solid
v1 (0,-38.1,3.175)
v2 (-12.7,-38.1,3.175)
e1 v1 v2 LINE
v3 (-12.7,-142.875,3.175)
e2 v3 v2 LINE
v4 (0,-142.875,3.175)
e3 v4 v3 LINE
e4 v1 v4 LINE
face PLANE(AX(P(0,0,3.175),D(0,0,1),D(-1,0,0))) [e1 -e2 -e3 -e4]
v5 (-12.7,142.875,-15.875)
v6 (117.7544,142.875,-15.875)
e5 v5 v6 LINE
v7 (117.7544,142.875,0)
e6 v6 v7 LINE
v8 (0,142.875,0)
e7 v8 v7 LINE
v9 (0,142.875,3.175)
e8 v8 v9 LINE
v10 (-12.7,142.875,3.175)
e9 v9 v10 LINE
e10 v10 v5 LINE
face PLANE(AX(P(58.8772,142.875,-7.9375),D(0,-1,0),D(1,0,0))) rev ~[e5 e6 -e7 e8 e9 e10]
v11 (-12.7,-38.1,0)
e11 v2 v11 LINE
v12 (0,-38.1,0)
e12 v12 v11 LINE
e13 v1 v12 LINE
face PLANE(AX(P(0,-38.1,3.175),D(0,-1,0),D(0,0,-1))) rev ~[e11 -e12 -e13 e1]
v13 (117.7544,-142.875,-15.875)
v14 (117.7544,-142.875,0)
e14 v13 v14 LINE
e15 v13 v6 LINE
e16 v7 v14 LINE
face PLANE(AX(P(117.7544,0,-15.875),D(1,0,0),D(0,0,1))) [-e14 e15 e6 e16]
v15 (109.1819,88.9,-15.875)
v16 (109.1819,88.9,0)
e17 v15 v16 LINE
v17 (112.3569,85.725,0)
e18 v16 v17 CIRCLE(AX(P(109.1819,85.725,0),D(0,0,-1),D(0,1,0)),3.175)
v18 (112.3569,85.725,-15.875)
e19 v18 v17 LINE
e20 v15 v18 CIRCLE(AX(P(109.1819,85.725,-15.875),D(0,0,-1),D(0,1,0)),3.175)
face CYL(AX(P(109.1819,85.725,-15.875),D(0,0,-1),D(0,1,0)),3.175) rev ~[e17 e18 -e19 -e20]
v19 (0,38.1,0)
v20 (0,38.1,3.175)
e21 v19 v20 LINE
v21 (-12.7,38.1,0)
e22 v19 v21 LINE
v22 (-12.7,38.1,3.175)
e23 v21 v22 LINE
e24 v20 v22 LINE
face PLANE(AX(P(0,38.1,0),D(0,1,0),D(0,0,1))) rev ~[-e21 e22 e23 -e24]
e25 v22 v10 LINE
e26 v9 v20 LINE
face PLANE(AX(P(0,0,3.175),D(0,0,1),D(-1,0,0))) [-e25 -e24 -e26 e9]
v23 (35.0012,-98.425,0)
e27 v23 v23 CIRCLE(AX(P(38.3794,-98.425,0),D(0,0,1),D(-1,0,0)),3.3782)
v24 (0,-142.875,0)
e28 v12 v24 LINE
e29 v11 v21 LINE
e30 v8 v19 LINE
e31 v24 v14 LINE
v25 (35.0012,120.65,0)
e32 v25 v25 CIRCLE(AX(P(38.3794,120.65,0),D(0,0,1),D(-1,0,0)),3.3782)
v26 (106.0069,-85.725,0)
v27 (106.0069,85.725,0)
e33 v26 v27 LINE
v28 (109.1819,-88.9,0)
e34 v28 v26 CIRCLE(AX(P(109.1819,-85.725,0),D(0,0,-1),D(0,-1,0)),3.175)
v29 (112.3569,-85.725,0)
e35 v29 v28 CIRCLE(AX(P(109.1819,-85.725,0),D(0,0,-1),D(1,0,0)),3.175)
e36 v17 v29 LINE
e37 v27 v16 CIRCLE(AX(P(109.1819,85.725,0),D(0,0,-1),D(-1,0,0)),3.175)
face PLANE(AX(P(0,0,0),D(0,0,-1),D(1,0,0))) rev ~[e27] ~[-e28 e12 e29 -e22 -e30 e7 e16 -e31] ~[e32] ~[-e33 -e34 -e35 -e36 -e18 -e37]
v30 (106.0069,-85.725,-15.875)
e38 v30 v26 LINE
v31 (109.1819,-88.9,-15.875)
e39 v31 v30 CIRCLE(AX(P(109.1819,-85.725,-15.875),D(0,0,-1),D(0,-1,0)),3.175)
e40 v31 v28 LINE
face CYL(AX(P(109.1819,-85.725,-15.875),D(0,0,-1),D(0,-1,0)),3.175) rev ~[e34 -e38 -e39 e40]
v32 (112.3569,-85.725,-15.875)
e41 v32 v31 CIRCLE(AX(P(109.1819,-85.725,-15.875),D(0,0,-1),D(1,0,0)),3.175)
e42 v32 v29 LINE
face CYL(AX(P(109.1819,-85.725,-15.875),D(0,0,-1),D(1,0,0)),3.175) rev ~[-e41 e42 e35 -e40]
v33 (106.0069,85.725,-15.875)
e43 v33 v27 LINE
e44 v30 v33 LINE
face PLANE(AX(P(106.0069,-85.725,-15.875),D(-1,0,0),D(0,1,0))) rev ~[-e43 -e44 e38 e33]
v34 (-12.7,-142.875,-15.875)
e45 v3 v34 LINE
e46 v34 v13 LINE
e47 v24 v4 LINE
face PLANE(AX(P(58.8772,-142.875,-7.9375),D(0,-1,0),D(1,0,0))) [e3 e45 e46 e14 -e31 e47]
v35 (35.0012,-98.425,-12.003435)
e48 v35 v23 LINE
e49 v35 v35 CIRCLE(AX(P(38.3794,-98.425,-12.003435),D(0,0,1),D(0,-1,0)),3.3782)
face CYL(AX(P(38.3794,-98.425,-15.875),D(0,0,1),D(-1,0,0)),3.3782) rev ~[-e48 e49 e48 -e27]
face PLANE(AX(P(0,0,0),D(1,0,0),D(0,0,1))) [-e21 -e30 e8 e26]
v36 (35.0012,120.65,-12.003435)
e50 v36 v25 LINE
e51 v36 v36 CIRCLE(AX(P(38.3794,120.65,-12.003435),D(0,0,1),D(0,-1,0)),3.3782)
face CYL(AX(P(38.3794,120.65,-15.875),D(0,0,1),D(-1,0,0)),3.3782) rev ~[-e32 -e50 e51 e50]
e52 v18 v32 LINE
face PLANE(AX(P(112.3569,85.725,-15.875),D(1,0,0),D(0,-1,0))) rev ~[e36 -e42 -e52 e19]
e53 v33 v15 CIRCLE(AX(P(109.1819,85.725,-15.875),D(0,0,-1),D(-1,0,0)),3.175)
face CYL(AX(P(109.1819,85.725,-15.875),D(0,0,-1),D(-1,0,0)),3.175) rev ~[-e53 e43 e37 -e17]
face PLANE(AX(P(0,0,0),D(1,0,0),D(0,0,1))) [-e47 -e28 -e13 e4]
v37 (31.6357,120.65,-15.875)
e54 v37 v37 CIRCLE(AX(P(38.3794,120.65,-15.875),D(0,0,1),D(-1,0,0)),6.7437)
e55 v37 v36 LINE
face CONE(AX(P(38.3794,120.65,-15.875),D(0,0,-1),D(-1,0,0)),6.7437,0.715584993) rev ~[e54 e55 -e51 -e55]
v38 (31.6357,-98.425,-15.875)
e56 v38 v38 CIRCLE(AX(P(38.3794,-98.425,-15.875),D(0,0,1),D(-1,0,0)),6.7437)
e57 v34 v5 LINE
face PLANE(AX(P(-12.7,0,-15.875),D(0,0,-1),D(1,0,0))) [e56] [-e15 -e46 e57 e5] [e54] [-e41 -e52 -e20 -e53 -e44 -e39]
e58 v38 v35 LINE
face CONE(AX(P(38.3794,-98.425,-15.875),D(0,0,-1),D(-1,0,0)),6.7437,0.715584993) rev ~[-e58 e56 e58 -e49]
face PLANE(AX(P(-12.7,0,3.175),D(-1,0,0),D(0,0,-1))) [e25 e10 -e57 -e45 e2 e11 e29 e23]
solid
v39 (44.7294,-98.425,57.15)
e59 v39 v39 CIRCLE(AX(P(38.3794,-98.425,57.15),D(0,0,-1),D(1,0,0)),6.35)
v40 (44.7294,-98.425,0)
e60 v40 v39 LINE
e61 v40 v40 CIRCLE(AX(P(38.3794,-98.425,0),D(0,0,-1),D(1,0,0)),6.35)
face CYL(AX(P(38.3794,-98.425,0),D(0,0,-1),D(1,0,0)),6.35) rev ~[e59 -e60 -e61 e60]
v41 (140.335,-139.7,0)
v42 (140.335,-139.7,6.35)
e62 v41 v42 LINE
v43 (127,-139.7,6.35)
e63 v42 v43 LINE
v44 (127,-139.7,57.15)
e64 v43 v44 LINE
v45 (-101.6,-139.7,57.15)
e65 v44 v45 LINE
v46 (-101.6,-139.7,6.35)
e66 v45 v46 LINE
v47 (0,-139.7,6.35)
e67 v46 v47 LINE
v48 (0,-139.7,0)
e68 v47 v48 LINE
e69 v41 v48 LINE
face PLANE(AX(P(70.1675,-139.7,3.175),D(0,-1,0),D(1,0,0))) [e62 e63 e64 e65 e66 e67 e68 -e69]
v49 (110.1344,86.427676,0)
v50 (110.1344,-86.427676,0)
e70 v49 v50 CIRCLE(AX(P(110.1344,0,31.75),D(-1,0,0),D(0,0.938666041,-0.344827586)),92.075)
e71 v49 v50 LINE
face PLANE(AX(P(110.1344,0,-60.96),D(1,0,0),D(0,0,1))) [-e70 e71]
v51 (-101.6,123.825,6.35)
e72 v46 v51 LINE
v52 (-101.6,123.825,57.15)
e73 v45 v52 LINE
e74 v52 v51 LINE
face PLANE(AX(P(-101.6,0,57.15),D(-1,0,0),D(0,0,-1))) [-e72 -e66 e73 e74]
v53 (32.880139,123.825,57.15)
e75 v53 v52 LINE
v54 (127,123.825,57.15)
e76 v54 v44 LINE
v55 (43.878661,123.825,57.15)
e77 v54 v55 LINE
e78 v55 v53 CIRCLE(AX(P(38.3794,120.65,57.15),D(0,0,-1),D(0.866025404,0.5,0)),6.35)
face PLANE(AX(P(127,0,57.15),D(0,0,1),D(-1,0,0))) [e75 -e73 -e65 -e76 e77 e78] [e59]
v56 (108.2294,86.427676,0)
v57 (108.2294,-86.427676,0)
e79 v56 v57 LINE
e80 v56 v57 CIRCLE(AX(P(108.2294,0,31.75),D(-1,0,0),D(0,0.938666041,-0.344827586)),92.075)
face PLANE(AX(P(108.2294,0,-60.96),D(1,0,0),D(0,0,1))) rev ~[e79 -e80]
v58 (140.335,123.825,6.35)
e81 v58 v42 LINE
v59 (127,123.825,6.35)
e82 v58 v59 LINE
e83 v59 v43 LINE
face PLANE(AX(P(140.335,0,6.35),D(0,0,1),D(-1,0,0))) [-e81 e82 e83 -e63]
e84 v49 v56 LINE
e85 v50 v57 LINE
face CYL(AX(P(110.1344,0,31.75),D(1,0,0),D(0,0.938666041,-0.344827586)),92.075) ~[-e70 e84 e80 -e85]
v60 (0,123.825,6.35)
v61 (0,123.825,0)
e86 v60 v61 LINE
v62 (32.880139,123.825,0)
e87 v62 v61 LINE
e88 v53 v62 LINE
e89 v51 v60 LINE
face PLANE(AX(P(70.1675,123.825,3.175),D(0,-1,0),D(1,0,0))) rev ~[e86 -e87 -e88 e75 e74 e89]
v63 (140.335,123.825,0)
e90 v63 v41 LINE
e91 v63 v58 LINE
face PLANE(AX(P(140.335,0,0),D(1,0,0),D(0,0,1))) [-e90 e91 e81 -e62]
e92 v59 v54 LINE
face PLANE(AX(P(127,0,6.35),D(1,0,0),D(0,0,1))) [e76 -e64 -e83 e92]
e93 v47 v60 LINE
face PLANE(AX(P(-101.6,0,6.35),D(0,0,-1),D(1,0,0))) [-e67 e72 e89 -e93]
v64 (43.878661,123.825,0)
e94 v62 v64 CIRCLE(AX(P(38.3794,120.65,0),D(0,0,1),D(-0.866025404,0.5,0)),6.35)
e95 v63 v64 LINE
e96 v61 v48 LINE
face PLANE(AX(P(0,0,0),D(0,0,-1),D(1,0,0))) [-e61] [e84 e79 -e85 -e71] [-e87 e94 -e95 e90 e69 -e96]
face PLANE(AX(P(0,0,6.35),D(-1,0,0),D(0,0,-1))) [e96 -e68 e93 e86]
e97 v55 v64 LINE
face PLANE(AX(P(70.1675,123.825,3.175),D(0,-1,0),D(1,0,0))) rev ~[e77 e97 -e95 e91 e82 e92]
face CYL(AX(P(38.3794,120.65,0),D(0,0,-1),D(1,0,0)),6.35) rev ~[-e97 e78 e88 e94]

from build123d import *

# Parameters (mm, degrees)
F0_W            = 1.905
F0_H            = 60.96
F1_DEPTH        = 139.7
F1_DEPTH_BACK   = 123.825
F2_W            = 117.7544
F2_H            = 15.875
F3_DEPTH        = 142.875
F3_DEPTH_BACK   = 142.875
F6_DEPTH        = 1.905
F7_R            = 6.35
F8_DEPTH        = 57.15
F11_D           = 6.7564
F11_CSINK_D     = 13.4874
F11_CSINK_ANGLE = 82
F12_DEPTH       = 73.025
F14_DEPTH       = 12.7


with BuildPart() as f1:
    # F0 (on Front) → F1 (new body, two sides)
    with BuildSketch(Plane.XZ) as f1_sk:
        Polygon((0, 6.35), (0, 0), (108.2294, 0), (110.1344, 0), (140.335, 0), (140.335, 6.35), (127, 6.35), align=None)
        with Locations((109.1819, -30.48)):
            Rectangle(F0_W, F0_H)
        Polygon((-101.6, 6.35), (0, 6.35), (127, 6.35), (127, 57.15), (-101.6, 57.15), align=None)
    extrude(amount=F1_DEPTH)
    extrude(f1_sk.sketch, amount=-F1_DEPTH_BACK)

    # F5 (on face) → F6 (cut, through all)
    with BuildSketch(Plane.YZ.offset(110.1344)):
        with BuildLine():
            Line((-86.427675689, 0), (-139.7, 0))
            Line((-139.7, 0), (-139.7, -60.96))
            Line((-139.7, -60.96), (-139.7, -88.9))
            Line((-139.7, -88.9), (152.4, -88.9))
            Line((152.4, -88.9), (152.4, 0))
            Line((152.4, 0), (123.825, 0))
            Line((123.825, 0), (86.427675689, 0))
            ThreePointArc((86.427675689, 0), (0, -60.325), (-86.427675689, 0))
        make_face()
    extrude(amount=-F6_DEPTH, mode=Mode.SUBTRACT)

    # F7 (on face) → F8 (cut, through all)
    with BuildSketch(Plane(origin=(0, 0, 0), x_dir=(1, 0, 0), z_dir=(0, 0, -1))):
        with Locations((38.3794, -120.65)):
            Circle(F7_R)
        with Locations((38.3794, 98.425)):
            Circle(F7_R)
    extrude(amount=-F8_DEPTH, mode=Mode.SUBTRACT)


with BuildPart() as f3:
    # F2 (on Front) → F3 (new body, two sides)
    with BuildSketch(Plane.XZ) as f3_sk:
        with Locations((58.8772, -7.9375)):
            Rectangle(F2_W, F2_H)
        Polygon((0, -15.875), (0, 0), (0, 3.175), (-12.7, 3.175), (-12.7, -15.875), align=None)
    extrude(amount=F3_DEPTH)
    extrude(f3_sk.sketch, amount=-F3_DEPTH_BACK)

    # F11 (through all)
    with Locations(Plane(origin=(0, 0, -15.875), x_dir=(1, 0, 0), z_dir=(0, 0, -1))):
        with Locations((38.3794, -120.65), (38.3794, 98.425)):
            CounterSinkHole(F11_D / 2, F11_CSINK_D / 2, counter_sink_angle=F11_CSINK_ANGLE)

    # F4 (on face) → F12 (cut, through all)
    with BuildSketch(Plane(origin=(0, 0, -15.875), x_dir=(1, 0, 0), z_dir=(0, 0, -1))):
        with BuildLine():
            Line((112.3569, -85.725), (112.3569, 85.725))
            ThreePointArc((112.3569, 85.725), (111.4269640303, 87.9700640303), (109.1819, 88.9))
            ThreePointArc((109.1819, 88.9), (106.9368359697, 87.9700640303), (106.0069, 85.725))
            Line((106.0069, 85.725), (106.0069, -85.725))
            ThreePointArc((106.0069, -85.725), (106.9368359697, -87.9700640303), (109.1819, -88.9))
            ThreePointArc((109.1819, -88.9), (111.4269640303, -87.9700640303), (112.3569, -85.725))
        make_face()
    extrude(amount=-F12_DEPTH, mode=Mode.SUBTRACT)

    # F13 (on face) → F14 (cut, through all)
    with BuildSketch(Plane.YZ):
        Polygon((-38.1, 0), (0, 0), (38.1, 0), (38.1, 3.175), (0, 3.175), (-38.1, 3.175), align=None)
    extrude(amount=-F14_DEPTH, mode=Mode.SUBTRACT)


solid = Compound([f1.part, f3.part])
